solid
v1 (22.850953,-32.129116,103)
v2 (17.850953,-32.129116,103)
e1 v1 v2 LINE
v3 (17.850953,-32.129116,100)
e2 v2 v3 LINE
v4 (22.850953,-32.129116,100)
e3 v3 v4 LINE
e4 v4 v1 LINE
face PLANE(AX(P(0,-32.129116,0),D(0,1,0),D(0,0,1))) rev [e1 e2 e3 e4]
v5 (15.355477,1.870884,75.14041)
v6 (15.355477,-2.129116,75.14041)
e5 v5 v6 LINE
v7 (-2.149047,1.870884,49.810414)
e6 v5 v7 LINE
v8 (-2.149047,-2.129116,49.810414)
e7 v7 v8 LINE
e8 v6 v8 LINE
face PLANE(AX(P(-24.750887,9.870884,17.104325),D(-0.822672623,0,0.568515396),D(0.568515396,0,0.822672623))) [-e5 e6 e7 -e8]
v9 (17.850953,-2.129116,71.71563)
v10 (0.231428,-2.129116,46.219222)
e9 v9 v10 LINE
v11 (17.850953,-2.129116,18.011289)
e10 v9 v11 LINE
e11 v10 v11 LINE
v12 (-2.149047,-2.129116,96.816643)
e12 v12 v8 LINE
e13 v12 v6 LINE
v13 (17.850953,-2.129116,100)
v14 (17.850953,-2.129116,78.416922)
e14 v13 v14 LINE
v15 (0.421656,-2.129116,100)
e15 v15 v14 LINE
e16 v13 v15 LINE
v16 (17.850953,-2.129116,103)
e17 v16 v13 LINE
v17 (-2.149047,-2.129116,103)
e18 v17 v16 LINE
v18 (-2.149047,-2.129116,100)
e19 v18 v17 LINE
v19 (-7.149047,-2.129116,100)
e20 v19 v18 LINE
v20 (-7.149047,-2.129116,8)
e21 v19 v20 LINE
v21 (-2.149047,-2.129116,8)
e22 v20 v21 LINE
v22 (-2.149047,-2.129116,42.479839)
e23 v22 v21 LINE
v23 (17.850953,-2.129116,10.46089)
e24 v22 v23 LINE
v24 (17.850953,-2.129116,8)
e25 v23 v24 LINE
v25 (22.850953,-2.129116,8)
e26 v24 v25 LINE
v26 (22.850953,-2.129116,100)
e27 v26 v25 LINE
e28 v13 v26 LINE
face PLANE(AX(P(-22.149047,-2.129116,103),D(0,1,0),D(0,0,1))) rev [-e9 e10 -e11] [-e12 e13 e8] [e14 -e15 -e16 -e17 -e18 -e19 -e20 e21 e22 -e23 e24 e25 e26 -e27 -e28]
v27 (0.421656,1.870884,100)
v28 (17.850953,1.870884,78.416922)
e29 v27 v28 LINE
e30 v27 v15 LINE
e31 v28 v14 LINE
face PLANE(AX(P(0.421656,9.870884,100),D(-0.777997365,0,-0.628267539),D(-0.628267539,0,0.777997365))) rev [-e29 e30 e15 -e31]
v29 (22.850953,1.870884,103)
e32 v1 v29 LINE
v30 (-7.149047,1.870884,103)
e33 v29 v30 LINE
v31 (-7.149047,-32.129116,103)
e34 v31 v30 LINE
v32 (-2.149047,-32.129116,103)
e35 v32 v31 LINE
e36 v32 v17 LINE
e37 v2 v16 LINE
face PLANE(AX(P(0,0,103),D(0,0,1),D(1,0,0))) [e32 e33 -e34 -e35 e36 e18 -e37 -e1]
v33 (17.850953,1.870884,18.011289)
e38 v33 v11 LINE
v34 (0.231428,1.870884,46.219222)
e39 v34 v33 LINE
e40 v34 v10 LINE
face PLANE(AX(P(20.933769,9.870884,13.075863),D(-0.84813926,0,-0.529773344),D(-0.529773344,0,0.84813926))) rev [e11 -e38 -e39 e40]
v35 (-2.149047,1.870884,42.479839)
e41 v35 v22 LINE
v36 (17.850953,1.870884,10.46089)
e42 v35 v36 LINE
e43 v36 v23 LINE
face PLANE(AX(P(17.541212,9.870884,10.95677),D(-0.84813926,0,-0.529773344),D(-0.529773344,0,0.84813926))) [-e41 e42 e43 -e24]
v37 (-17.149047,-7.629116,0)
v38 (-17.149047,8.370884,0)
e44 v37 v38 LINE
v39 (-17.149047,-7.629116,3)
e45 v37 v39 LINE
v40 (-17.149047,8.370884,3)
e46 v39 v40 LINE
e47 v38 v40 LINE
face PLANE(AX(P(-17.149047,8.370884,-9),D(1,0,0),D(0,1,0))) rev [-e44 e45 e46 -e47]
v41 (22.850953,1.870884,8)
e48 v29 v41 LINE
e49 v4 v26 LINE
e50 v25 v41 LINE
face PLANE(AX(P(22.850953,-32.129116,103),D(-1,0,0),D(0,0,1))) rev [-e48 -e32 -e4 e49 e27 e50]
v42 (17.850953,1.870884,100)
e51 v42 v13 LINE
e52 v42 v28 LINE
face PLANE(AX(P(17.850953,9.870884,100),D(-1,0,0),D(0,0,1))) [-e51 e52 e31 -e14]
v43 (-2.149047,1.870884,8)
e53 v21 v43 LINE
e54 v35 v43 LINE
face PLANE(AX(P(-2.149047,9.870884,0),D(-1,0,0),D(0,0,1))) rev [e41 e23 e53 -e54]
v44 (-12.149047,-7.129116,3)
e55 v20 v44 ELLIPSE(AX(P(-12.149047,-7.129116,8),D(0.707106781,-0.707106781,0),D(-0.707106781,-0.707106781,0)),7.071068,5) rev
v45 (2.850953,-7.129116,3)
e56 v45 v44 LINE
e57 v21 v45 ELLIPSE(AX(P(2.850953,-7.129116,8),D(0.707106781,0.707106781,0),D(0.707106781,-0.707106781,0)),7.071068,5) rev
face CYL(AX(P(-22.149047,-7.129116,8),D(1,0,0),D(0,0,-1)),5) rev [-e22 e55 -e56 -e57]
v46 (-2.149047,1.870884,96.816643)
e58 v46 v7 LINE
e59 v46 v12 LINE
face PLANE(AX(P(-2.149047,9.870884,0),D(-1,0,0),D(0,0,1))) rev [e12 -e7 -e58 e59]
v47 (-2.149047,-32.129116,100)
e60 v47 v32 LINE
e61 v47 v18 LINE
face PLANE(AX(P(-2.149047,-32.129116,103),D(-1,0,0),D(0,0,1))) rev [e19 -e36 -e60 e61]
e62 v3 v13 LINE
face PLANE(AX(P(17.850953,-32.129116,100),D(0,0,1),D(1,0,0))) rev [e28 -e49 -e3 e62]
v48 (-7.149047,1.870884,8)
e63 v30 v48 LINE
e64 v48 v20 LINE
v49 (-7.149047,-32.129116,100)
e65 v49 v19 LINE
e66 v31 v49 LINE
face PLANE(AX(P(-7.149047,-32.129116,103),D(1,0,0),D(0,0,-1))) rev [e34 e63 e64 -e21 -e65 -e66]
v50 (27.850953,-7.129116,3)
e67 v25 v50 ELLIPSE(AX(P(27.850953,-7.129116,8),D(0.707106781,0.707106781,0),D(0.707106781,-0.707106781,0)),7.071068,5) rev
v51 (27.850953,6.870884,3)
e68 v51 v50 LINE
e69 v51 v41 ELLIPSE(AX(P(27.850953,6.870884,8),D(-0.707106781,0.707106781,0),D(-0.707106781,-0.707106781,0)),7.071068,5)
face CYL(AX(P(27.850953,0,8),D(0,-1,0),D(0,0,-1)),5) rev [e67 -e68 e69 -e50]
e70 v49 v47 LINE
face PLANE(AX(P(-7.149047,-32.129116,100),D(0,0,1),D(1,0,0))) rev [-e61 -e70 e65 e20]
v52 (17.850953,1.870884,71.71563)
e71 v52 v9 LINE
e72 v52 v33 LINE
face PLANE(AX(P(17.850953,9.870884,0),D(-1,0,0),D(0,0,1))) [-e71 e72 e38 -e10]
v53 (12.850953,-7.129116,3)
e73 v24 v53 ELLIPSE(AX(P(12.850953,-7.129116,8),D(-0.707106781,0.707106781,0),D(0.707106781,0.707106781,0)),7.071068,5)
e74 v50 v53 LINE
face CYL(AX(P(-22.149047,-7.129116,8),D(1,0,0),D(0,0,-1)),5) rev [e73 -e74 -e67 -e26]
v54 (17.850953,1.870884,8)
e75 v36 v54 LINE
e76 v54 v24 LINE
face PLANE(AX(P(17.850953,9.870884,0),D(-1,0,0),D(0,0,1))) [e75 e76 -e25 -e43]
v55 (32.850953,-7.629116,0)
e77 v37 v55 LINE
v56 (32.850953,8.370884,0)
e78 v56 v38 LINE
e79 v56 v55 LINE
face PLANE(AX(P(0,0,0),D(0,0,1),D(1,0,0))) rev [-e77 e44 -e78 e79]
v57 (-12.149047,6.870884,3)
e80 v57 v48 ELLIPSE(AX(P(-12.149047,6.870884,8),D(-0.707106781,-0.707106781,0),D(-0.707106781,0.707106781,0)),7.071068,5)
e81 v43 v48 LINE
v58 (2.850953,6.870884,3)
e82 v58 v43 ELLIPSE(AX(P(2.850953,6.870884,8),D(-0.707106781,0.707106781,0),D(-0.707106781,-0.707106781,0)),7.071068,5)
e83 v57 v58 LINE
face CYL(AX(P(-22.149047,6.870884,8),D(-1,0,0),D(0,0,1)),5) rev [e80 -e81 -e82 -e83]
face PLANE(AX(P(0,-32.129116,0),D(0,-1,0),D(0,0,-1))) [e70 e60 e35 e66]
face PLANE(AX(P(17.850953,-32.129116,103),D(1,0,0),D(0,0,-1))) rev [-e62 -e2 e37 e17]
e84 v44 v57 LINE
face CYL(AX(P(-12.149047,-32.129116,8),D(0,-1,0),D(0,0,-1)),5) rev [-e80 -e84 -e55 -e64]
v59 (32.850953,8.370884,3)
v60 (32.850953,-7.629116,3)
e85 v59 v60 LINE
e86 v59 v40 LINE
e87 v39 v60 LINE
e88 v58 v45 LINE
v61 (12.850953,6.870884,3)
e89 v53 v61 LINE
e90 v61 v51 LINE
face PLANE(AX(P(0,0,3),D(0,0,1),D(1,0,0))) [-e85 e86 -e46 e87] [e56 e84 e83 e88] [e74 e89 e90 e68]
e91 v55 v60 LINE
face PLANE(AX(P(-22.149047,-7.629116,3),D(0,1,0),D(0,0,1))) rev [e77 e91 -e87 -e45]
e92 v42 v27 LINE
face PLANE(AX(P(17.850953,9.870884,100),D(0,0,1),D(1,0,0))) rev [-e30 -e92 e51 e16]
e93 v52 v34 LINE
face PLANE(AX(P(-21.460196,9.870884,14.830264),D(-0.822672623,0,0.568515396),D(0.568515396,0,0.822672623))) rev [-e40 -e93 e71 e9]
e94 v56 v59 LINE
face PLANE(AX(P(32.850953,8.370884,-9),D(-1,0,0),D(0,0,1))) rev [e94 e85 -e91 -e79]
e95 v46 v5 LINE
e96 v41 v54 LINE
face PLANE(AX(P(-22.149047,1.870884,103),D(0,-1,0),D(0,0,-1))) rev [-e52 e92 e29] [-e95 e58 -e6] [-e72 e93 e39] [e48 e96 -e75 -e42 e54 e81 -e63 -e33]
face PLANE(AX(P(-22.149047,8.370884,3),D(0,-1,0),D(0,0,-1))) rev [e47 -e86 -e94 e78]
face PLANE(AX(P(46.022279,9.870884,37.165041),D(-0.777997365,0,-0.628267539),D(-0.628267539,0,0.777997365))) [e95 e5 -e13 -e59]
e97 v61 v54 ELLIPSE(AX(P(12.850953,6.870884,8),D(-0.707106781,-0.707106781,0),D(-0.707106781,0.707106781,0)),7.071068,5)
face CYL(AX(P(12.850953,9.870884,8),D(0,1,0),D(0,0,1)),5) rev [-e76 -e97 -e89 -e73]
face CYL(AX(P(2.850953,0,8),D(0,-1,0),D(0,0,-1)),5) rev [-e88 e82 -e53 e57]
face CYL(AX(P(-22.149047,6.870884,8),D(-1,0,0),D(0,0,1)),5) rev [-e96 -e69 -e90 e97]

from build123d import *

# Parameters (mm, degrees)
SKETCH_1_W          = 60
SKETCH_1_H          = 16
EXTRUDE_1_DEPTH     = 3
SKETCH_2_W          = 60
SKETCH_2_H          = 4
EXTRUDE_2_DEPTH     = 100
SKETCH_3_W          = 5
SKETCH_3_H          = 3
EXTRUDE_3_DEPTH     = 30
CUT_EXTRUDE_2_DEPTH = 12
FILLET_2_R          = 5
SKETCH_6_W          = 5
SKETCH_6_H          = 16
CUT_EXTRUDE_3_DEPTH = 12


with BuildPart() as part:
    # 草图1 → 凸台-拉伸1 (new body)
    with BuildSketch(Plane.XY):
        with Locations((7.850953206, 0.370883882)):
            Rectangle(SKETCH_1_W, SKETCH_1_H)
    extrude(amount=EXTRUDE_1_DEPTH)

    # 草图2 → 凸台-拉伸2 (add)
    with BuildSketch(Plane.XY.offset(3)):
        with Locations((7.850953206, -0.129116118)):
            Rectangle(SKETCH_2_W, SKETCH_2_H)
    extrude(amount=EXTRUDE_2_DEPTH)

    # 草图3 → 凸台-拉伸3 (add)
    with BuildSketch(Plane.XZ.offset(2.129116118)):
        with Locations((-4.649046794, 101.5)):
            Rectangle(SKETCH_3_W, SKETCH_3_H)
        with Locations((20.350953206, 101.5)):
            Rectangle(SKETCH_3_W, SKETCH_3_H)
    extrude(amount=EXTRUDE_3_DEPTH)

    # 草图4 → 切除-拉伸2 (cut)
    with BuildSketch(Plane.XZ.offset(2.129116118)):
        Polygon((-7.149046794, 103), (-22.149046794, 103), (-22.149046794, 3), (-7.149046794, 3), (-7.149046794, 100), align=None)
        Polygon((-2.149046794, 42.479838541), (-2.149046794, 3), (17.850953206, 3), (17.850953206, 10.460890497), (16.154674687, 13.176543186), align=None)
        Polygon((17.850953206, 71.715630146), (17.850953206, 18.011289252), (0.231428364, 46.219221776), align=None)
        Polygon((15.355477041, 75.140410003), (-2.149046794, 49.810414331), (-2.149046794, 96.816642788), align=None)
        Polygon((22.850953206, 100), (22.850953206, 3), (37.850953206, 3), (37.850953206, 103), (22.850953206, 103), align=None)
        Polygon((17.850953206, 100), (17.850953206, 78.416921986), (0.421656, 100), align=None)
    extrude(amount=-CUT_EXTRUDE_2_DEPTH, mode=Mode.SUBTRACT)

    # 圆角2
    fillet_2_edges = [part.edges().sort_by_distance(p)[0] for p in [
        (17.850953206, -0.129116118, 3),
        (-2.149046794, -0.129116118, 3),
        (22.850953206, -0.129116118, 3),
        (20.350953206, 1.870883882, 3),
        (-4.649046794, 1.870883882, 3),
        (-4.649046794, -2.129116118, 3),
        (20.350953206, -2.129116118, 3),
        (-7.149046794, -0.129116118, 3),
    ]]
    fillet(fillet_2_edges, radius=FILLET_2_R)

    # 草图6 → 切除-拉伸3 (cut)
    with BuildSketch(Plane.XY.offset(3)):
        with Locations((-19.649046794, 0.370883882)):
            Rectangle(SKETCH_6_W, SKETCH_6_H)
        with Locations((35.350953206, 0.370883882)):
            Rectangle(SKETCH_6_W, SKETCH_6_H)
    extrude(amount=-CUT_EXTRUDE_3_DEPTH, mode=Mode.SUBTRACT)


solid = part.part
